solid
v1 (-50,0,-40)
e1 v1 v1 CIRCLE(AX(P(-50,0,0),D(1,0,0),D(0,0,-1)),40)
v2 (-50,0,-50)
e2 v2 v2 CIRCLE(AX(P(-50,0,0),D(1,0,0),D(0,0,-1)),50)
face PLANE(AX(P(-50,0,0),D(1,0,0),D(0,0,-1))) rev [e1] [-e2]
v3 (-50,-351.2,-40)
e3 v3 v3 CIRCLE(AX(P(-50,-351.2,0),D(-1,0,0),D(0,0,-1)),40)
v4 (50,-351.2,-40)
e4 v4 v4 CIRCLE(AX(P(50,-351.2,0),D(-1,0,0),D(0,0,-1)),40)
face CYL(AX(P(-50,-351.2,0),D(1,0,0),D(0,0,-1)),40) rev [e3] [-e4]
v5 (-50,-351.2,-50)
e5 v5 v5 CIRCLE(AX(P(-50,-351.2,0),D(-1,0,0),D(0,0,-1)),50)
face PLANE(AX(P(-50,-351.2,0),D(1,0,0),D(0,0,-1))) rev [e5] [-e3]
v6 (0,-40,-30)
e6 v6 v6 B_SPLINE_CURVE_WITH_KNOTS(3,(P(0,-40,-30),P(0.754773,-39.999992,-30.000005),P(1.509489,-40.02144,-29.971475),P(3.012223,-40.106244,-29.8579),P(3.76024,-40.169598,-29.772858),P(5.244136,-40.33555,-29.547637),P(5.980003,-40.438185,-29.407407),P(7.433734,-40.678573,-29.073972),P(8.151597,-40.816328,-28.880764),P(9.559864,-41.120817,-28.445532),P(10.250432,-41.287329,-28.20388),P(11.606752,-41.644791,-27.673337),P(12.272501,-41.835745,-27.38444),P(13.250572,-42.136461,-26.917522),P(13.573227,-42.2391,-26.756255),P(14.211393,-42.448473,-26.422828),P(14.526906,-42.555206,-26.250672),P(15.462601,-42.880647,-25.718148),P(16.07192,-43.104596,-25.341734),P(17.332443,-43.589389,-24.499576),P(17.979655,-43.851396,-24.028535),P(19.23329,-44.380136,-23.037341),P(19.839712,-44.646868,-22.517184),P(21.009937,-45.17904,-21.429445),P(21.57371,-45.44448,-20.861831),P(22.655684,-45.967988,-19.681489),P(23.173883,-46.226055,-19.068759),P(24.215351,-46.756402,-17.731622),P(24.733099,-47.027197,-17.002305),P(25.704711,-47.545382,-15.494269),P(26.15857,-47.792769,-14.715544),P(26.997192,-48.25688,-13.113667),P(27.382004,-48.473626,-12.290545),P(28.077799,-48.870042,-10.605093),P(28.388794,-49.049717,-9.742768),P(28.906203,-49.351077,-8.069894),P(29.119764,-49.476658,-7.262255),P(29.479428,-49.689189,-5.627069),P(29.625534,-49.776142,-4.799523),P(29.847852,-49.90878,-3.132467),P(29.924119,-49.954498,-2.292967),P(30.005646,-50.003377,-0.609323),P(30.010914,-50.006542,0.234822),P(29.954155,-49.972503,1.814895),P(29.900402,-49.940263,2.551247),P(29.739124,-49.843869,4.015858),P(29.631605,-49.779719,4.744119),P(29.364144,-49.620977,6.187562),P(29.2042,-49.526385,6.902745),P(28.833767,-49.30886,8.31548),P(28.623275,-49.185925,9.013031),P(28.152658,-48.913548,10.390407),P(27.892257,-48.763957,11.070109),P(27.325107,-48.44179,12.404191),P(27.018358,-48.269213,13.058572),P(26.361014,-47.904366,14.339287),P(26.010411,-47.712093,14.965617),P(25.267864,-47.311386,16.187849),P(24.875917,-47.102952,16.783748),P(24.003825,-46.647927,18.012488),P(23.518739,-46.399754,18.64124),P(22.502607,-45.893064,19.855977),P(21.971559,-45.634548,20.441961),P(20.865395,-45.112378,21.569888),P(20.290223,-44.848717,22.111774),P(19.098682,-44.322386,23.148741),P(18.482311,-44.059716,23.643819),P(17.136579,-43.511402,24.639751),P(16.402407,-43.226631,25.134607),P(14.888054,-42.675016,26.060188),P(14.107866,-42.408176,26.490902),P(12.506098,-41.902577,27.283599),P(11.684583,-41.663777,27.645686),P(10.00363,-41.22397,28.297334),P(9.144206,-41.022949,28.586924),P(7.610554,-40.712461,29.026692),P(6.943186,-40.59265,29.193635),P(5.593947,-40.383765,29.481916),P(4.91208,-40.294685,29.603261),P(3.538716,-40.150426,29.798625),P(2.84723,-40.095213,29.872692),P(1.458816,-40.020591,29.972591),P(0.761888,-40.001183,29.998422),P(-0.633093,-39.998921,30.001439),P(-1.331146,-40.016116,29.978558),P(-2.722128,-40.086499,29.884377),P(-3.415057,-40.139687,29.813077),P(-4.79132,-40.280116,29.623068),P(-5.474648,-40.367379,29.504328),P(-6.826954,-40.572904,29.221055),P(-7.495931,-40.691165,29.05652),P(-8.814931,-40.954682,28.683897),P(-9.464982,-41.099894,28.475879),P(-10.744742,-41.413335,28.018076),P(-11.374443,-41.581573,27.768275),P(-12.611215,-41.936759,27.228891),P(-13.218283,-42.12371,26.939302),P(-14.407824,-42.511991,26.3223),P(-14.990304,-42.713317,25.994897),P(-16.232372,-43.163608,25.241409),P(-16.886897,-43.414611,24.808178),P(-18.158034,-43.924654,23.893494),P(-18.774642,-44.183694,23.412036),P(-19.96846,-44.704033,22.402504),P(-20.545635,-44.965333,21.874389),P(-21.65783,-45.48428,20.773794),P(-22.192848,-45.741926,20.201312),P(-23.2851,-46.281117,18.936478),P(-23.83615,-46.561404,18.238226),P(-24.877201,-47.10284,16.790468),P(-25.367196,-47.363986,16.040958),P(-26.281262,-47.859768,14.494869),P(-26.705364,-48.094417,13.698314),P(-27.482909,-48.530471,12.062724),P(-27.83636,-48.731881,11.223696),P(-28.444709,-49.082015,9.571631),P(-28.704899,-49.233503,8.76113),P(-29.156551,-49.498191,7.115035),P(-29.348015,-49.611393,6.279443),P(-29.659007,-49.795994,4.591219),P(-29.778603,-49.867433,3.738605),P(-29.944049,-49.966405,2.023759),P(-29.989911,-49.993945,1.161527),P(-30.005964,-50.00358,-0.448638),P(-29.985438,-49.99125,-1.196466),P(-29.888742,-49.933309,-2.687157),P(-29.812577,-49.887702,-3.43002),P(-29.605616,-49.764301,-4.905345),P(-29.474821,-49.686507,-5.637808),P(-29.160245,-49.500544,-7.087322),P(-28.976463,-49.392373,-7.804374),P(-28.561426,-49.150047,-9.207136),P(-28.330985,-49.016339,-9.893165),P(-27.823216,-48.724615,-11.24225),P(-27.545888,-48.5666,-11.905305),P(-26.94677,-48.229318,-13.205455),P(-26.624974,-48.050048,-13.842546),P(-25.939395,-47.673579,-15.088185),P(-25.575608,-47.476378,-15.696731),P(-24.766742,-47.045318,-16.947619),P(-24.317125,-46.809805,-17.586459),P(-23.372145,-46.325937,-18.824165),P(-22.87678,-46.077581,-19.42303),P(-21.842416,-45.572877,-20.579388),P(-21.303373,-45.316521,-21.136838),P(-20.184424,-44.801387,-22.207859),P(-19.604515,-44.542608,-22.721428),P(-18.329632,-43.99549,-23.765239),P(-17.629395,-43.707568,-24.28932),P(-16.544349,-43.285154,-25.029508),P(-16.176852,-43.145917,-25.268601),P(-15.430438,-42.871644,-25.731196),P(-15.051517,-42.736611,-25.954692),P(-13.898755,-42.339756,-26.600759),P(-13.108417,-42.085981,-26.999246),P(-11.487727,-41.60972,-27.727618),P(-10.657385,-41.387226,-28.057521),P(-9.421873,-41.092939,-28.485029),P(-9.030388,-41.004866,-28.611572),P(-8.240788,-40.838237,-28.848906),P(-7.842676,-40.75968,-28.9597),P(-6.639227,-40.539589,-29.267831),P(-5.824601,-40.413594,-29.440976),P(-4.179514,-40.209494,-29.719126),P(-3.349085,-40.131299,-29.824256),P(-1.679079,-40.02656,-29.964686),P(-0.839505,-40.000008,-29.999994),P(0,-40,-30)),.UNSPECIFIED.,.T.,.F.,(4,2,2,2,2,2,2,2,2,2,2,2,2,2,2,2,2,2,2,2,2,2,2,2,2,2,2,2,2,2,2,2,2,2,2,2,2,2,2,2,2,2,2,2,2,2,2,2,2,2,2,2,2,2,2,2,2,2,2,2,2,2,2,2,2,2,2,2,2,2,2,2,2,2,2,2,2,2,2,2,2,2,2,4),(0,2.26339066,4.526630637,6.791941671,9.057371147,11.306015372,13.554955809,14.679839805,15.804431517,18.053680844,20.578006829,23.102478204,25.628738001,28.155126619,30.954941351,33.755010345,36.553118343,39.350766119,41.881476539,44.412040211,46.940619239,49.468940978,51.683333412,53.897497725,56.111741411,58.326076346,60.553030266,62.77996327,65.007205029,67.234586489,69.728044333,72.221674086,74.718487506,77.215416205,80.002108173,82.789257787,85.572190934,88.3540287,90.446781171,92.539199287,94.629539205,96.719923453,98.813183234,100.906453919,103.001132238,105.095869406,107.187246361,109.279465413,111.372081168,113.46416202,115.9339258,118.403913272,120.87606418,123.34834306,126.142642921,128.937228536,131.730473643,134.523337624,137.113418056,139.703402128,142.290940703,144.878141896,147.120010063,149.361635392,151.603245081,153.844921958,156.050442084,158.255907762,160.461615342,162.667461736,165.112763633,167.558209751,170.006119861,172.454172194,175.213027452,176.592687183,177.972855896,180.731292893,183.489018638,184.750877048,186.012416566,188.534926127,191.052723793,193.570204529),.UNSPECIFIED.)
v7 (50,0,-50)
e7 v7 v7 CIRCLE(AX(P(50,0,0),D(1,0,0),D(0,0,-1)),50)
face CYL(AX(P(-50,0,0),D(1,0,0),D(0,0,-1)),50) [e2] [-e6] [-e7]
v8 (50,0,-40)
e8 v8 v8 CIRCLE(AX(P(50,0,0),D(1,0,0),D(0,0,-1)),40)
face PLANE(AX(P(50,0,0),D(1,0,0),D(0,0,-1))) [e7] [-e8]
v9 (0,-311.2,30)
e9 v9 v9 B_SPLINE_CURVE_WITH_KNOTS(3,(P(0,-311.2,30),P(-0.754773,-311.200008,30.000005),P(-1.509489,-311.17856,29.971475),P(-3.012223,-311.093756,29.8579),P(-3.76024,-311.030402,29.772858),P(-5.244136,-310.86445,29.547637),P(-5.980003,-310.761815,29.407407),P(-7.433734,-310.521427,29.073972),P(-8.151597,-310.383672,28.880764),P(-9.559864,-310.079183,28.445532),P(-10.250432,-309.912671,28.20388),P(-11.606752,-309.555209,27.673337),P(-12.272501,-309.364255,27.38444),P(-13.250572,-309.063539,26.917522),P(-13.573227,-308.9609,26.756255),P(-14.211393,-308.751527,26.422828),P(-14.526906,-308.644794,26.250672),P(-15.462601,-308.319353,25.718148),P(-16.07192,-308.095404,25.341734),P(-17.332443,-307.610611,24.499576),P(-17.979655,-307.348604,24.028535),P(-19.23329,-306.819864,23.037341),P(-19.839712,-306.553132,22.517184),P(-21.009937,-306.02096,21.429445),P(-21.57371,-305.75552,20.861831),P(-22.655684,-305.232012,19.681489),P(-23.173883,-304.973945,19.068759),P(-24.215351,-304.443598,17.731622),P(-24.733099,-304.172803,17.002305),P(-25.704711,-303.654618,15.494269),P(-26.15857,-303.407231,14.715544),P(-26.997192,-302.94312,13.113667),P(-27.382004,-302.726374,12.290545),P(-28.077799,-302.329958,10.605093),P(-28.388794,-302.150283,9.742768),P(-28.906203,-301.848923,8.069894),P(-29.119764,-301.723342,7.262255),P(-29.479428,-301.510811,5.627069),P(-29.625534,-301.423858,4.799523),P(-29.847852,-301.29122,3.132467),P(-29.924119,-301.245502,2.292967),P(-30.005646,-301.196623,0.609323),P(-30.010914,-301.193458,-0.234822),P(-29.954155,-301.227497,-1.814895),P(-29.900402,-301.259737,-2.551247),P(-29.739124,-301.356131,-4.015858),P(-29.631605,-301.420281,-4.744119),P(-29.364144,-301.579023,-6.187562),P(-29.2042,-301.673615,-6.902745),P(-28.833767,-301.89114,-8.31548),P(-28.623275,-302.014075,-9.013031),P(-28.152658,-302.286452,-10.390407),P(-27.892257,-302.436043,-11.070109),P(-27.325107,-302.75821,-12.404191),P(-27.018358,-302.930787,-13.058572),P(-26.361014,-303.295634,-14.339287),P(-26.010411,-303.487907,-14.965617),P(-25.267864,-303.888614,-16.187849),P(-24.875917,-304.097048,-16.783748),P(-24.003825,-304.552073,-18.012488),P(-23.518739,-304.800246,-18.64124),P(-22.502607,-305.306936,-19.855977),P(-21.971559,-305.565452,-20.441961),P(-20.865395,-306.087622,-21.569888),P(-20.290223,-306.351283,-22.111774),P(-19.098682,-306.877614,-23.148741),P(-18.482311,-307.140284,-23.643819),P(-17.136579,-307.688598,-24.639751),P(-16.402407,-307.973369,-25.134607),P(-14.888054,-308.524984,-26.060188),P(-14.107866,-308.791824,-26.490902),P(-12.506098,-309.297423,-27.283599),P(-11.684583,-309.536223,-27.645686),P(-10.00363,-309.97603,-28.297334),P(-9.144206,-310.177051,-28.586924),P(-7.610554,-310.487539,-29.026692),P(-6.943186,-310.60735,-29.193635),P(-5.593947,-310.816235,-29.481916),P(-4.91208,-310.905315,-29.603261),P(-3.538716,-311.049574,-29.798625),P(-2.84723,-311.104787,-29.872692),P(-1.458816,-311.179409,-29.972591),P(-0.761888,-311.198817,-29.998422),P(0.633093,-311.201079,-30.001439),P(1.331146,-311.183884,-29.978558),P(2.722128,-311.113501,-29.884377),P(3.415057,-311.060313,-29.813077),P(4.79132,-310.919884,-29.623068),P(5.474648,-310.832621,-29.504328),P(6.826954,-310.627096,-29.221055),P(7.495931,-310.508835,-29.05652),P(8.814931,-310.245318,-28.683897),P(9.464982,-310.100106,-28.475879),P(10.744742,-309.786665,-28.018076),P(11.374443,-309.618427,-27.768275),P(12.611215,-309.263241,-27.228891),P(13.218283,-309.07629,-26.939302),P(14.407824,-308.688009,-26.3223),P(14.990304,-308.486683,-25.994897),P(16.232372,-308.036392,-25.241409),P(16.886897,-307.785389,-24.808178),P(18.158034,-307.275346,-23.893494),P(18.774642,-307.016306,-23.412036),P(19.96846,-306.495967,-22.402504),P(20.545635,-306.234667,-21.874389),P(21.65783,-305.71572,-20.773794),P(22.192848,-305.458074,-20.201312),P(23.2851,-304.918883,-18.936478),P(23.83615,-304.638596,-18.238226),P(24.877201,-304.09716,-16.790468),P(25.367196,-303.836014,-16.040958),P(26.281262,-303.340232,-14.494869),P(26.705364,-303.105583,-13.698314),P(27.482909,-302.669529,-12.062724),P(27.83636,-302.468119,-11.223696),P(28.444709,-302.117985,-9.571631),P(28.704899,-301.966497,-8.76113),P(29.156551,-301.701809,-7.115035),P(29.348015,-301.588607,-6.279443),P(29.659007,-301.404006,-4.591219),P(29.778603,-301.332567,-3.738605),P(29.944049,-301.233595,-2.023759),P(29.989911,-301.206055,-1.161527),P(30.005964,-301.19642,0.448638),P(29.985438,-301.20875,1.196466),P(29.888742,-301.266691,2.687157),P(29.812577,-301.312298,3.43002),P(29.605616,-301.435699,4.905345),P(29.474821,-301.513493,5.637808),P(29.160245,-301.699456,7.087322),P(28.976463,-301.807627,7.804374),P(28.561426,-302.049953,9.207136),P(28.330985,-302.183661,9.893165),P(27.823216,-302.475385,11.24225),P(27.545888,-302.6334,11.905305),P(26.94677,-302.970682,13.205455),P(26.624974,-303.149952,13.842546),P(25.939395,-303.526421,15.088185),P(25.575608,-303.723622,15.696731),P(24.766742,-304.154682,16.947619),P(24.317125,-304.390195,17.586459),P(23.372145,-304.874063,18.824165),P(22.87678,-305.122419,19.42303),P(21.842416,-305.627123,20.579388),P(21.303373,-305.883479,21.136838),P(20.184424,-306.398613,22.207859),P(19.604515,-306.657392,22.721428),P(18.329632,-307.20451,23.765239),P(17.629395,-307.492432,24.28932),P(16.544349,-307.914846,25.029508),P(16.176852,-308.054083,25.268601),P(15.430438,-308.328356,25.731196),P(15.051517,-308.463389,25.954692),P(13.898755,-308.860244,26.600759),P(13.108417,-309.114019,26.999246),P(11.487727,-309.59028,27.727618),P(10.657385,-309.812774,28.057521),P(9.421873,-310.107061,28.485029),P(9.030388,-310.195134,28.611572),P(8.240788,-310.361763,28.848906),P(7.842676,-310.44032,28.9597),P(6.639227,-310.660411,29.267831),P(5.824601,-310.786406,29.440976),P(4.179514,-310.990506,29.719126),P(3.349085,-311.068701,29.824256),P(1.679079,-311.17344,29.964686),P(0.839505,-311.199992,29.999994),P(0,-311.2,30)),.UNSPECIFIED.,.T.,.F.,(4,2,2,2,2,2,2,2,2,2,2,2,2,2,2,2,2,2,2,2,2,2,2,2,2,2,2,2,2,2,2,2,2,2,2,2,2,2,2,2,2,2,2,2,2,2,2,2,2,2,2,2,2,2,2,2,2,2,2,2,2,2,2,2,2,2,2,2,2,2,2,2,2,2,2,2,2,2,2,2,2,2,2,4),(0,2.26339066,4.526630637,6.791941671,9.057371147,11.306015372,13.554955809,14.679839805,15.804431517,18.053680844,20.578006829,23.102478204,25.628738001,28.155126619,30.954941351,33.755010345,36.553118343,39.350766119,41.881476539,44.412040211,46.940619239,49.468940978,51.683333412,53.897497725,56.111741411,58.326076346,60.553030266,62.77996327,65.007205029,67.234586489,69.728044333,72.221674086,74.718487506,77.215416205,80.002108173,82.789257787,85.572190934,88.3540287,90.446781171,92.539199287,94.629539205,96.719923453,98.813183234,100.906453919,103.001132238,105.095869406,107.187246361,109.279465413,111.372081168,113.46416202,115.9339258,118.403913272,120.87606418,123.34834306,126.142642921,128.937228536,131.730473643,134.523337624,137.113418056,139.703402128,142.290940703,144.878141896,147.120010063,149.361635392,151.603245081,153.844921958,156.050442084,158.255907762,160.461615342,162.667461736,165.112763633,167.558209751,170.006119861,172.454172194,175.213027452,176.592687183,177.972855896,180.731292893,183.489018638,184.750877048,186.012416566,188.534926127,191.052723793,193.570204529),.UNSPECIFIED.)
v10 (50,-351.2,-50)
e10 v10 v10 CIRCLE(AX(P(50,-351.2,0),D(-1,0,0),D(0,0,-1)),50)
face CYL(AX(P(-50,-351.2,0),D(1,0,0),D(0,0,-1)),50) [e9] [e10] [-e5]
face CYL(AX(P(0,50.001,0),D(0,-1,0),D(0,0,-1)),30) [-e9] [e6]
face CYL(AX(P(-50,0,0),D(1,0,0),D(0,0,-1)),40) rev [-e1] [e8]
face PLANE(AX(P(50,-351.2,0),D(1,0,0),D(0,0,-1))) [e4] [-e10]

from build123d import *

# Parameters (mm, degrees)
SKETCH_1_R           = 50
SKETCH_1_R_2         = 40
EXTRUDE_1_DEPTH      = 50
EXTRUDE_2_REACH      = 238.422
EXTRUDE_2_END_RADIUS = 50
SKETCH_2_R           = 30


with BuildPart() as part:
    # 草图1 → 凸台-拉伸1 (new, symmetric)
    with BuildSketch(Plane(origin=(0, 0, 0), x_dir=(0, 0, -1), z_dir=(1, 0, 0))):
        Circle(SKETCH_1_R)
        Circle(SKETCH_1_R_2, mode=Mode.SUBTRACT)
    extrude_1 = extrude(amount=EXTRUDE_1_DEPTH, both=True)

    # 凸台-拉伸2: up to this cylinder (the profile starts outside it)
    extrude_2_end = Plane(origin=(0, 0, 0), z_dir=(1, 0, 0)) * Cylinder(EXTRUDE_2_END_RADIUS, 577.844, mode=Mode.PRIVATE)
    # 草图2 → 凸台-拉伸2 (add, up to the surface)
    with BuildSketch(Plane(origin=(0, -175.6, 0), x_dir=(1, 0, 0), z_dir=(0, 1, 0)), mode=Mode.PRIVATE) as extrude_2_sk1:
        with Locations(Location((0, 0, 0), (0, 0, 90))):
            Circle(SKETCH_2_R)
    extrude_2_tool1 = extrude(extrude_2_sk1.sketch, amount=EXTRUDE_2_REACH, mode=Mode.PRIVATE) - extrude_2_end
    extrude_2 = extrude_2_tool1.solids().sort_by_distance((0, -175.6, 0))[0]
    add(extrude_2)

    # 镜向4: 凸台-拉伸2 across plane
    add(extrude_2.mirror(Plane.ZX.offset(-175.6)))

    # 镜向5: 凸台-拉伸1 across plane
    add(extrude_1.mirror(Plane.ZX.offset(-175.6)))


solid = part.part
